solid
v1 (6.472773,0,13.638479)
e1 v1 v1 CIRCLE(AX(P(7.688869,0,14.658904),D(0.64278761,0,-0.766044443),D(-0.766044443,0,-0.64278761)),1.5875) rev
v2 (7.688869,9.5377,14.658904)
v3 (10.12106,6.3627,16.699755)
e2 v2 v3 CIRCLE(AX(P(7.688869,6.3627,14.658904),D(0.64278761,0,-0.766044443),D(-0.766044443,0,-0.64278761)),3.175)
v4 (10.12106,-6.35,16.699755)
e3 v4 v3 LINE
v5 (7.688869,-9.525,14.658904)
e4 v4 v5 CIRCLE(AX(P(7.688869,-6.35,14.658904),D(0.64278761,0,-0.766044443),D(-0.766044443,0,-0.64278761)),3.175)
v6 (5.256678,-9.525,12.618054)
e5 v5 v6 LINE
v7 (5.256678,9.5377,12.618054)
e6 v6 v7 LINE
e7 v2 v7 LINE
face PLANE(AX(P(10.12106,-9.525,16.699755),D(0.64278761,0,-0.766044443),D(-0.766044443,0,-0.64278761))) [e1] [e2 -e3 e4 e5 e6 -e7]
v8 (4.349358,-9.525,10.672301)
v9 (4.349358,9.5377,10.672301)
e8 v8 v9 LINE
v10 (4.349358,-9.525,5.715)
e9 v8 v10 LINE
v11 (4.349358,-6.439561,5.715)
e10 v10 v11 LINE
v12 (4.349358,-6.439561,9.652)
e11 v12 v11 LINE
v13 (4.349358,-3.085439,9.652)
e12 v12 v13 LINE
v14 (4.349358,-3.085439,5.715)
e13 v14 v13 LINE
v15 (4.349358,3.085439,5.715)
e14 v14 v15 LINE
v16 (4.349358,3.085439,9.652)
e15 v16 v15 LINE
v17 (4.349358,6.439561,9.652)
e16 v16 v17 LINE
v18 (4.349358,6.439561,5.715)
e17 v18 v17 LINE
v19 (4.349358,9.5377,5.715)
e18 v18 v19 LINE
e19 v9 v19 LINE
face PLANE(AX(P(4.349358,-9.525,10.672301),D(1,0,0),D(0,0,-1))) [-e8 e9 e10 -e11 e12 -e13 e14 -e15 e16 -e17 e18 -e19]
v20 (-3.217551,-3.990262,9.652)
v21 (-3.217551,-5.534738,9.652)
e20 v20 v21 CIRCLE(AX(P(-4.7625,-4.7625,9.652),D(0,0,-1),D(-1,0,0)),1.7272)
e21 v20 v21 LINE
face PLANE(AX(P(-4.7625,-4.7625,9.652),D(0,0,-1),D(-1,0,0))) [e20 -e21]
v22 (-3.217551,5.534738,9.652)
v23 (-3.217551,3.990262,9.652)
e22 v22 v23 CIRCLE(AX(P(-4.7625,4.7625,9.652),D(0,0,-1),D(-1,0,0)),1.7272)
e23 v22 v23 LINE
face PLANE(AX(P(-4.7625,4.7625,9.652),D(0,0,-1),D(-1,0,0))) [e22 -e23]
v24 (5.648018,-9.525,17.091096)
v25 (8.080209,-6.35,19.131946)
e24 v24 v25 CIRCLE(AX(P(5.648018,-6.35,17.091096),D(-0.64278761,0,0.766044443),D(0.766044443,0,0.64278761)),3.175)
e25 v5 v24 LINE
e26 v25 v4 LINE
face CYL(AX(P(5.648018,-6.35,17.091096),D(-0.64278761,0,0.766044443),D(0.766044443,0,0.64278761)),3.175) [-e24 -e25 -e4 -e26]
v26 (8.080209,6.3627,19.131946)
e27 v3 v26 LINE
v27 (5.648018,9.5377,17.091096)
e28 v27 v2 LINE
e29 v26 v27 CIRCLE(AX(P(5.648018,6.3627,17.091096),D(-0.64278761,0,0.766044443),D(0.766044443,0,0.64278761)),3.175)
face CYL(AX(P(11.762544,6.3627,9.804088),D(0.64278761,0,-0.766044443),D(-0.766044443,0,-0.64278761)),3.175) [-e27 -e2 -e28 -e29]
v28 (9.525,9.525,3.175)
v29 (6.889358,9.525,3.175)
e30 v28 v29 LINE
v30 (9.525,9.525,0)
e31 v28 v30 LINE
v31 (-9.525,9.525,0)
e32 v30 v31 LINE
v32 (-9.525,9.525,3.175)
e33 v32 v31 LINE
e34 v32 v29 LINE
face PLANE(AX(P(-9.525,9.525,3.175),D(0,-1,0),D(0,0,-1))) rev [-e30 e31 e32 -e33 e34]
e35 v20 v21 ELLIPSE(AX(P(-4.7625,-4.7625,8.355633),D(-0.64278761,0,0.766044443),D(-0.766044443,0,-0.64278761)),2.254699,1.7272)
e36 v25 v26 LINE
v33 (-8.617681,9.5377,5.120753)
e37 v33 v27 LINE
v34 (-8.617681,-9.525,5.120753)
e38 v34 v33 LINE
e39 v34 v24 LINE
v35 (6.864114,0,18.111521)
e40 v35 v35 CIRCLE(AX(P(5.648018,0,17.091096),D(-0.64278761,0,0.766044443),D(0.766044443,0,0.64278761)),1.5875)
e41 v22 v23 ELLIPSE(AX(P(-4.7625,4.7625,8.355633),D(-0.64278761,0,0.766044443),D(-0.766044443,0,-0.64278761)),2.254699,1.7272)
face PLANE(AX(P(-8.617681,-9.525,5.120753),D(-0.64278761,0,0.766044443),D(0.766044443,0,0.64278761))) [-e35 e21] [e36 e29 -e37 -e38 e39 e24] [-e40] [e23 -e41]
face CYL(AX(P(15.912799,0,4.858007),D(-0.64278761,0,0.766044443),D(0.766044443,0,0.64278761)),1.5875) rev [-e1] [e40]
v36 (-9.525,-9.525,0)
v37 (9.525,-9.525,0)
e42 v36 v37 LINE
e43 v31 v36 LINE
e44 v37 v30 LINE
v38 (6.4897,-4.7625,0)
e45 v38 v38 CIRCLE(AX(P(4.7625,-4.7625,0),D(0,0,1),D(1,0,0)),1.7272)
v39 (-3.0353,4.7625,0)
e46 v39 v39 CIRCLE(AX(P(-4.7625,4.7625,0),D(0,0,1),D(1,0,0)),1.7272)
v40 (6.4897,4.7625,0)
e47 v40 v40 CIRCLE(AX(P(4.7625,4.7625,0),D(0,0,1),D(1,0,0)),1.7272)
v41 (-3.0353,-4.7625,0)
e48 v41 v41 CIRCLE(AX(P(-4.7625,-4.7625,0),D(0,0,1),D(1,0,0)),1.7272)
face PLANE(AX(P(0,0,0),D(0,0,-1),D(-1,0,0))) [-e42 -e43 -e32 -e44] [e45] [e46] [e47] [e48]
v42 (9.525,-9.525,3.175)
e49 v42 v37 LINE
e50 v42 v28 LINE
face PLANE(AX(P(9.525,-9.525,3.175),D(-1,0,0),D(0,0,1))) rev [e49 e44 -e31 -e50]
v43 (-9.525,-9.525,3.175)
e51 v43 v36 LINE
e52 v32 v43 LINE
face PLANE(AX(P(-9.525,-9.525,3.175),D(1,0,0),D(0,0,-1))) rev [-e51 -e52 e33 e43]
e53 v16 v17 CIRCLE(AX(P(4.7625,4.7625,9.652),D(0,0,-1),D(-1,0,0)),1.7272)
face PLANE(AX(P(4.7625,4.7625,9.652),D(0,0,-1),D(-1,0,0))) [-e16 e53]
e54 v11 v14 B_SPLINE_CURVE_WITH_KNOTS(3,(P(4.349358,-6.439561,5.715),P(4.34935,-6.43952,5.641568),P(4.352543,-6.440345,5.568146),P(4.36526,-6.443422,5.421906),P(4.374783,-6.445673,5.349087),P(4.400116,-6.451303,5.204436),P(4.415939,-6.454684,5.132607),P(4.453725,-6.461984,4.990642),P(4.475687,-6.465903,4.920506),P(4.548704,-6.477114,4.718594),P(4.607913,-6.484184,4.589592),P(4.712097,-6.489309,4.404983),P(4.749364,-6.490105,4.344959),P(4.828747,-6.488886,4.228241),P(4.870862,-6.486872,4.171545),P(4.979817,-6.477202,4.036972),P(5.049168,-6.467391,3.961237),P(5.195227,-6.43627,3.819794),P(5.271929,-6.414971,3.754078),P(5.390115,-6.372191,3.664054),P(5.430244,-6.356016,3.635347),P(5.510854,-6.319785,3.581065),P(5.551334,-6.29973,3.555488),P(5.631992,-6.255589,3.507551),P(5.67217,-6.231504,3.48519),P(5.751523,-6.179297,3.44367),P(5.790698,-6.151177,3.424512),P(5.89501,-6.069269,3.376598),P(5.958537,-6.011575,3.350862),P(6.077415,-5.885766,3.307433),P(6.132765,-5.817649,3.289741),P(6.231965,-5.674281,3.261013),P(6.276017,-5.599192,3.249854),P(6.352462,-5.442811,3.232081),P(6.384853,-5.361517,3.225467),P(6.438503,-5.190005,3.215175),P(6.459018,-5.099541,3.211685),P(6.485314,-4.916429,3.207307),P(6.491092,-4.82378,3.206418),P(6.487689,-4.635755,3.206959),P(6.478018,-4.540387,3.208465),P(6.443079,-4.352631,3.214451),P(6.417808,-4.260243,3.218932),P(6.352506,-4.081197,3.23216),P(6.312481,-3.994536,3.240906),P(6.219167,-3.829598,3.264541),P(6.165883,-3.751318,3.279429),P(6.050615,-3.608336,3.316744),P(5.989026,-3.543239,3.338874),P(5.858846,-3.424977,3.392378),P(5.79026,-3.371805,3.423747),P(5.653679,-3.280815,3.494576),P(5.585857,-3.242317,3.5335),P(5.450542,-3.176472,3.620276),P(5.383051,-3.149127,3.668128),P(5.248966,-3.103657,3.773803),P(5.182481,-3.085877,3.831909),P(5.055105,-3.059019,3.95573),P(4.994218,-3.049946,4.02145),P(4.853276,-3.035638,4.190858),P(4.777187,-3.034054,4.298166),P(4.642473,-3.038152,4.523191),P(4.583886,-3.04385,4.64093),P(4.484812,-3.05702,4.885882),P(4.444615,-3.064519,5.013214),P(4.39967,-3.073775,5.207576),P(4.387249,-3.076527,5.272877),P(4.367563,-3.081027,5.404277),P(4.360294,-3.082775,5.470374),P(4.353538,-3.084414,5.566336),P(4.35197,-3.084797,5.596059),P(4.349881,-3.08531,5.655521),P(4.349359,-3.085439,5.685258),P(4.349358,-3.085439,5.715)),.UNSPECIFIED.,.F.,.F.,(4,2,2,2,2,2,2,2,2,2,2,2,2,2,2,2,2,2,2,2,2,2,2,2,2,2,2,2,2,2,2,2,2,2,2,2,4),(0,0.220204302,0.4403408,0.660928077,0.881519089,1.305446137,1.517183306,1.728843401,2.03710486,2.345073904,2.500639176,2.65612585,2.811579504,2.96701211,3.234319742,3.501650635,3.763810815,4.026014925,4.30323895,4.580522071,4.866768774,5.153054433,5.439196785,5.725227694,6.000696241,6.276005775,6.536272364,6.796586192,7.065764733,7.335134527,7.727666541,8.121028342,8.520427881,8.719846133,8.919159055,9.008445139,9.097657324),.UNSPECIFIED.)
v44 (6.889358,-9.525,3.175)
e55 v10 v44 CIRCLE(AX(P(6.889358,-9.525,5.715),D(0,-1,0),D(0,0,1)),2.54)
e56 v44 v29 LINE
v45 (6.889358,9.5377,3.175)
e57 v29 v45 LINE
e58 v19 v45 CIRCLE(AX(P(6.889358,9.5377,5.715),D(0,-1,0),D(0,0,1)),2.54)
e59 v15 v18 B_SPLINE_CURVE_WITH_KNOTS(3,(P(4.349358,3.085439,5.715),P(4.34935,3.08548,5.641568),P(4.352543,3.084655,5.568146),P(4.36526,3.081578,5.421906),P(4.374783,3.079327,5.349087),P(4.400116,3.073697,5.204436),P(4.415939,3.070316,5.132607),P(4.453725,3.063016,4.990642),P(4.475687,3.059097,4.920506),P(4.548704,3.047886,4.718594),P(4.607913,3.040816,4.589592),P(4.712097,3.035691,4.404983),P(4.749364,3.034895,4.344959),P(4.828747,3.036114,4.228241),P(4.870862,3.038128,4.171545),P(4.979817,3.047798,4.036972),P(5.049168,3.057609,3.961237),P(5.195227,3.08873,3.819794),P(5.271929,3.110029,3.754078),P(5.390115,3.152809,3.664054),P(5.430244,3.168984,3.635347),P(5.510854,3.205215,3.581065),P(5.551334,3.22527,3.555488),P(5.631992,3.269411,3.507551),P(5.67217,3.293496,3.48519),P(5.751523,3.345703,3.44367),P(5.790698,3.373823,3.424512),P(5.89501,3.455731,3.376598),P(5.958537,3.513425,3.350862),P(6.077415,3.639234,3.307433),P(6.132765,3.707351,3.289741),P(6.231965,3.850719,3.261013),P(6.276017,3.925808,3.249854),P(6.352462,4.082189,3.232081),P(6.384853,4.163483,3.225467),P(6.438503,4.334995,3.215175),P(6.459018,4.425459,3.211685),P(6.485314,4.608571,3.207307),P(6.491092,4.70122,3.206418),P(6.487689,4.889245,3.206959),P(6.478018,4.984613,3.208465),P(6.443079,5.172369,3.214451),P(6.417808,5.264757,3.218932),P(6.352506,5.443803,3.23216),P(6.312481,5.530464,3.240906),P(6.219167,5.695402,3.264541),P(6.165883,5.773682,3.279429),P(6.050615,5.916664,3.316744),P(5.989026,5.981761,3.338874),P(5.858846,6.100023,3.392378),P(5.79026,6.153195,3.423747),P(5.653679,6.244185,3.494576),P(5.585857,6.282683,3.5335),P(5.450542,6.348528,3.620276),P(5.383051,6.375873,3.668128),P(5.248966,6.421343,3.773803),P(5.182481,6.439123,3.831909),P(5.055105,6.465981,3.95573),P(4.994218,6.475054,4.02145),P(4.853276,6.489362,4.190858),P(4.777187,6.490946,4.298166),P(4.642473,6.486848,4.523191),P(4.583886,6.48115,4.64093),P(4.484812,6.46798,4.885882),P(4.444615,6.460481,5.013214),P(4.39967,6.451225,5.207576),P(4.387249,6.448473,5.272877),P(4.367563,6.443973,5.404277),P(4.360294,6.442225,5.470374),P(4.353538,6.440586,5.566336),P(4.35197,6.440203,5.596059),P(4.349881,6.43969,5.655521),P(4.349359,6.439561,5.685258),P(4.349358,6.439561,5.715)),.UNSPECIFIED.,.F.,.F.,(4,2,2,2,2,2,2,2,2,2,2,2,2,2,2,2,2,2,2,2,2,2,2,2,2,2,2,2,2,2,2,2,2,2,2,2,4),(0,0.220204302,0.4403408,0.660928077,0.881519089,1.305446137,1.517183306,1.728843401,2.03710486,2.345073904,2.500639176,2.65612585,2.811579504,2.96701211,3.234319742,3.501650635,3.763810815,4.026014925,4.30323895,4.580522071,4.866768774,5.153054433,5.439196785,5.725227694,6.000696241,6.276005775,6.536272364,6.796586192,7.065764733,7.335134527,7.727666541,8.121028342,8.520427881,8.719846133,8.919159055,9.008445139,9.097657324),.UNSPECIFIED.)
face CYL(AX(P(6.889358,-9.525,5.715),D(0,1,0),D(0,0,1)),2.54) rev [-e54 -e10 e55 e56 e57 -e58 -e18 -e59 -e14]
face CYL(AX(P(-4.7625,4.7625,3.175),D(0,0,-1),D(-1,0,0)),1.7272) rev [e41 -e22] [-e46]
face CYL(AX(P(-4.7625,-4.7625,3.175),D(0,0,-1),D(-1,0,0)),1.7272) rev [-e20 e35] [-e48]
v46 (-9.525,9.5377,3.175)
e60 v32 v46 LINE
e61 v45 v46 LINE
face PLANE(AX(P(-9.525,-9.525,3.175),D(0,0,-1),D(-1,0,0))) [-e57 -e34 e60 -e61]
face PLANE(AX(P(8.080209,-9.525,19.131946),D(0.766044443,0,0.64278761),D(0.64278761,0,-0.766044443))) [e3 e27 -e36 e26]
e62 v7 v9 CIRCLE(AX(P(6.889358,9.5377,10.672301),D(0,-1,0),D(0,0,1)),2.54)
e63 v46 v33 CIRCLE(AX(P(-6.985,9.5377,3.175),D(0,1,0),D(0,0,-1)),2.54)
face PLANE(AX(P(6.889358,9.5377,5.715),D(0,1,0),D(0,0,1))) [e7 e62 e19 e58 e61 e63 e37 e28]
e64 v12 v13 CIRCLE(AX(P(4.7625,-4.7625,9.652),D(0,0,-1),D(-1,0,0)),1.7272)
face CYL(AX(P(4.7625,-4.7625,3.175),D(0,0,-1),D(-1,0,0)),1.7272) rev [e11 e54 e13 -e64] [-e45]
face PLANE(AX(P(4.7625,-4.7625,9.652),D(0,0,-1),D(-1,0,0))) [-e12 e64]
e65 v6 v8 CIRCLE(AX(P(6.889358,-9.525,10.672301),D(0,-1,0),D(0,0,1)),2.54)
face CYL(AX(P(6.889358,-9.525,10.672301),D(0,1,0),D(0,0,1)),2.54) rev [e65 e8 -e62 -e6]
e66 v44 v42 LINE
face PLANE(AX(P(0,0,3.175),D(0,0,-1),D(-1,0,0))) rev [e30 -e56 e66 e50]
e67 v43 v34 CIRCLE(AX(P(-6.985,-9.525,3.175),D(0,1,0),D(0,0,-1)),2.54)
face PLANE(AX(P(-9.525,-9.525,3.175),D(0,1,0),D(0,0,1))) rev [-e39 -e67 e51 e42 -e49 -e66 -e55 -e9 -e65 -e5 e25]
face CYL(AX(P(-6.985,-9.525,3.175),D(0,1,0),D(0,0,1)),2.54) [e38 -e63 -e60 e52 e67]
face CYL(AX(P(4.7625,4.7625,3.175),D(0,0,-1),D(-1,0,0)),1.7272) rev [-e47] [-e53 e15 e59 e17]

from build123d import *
from build123d.topology import SkipClean

# Parameters (mm, degrees)
SKETCH1_W                = 19.05
SKETCH1_H                = 19.05
SKETCH1_R                = 1.7272
BOSS_EXTRUDE1_DEPTH      = 3.175
BOSS_EXTRUDE3_DEPTH      = 9.5377
BOSS_EXTRUDE3_DEPTH_BACK = 9.525
FILLET3_R                = 3.175
CUT_EXTRUDE1_REACH       = 24.243
SKETCH5_R                = 1.5875
SKETCH6_R                = 1.7272
CUT_EXTRUDE2_DEPTH       = 6.477


with BuildPart() as part:
    # Sketch1 → Boss-Extrude1 (new body)
    with BuildSketch(Plane.XY):
        Rectangle(SKETCH1_W, SKETCH1_H)
        with Locations((-4.7625, 4.7625)):
            Circle(SKETCH1_R, mode=Mode.SUBTRACT)
        with Locations((4.7625, 4.7625)):
            Circle(SKETCH1_R, mode=Mode.SUBTRACT)
        with Locations((4.7625, -4.7625)):
            Circle(SKETCH1_R, mode=Mode.SUBTRACT)
        with Locations((-4.7625, -4.7625)):
            Circle(SKETCH1_R, mode=Mode.SUBTRACT)
    extrude(amount=BOSS_EXTRUDE1_DEPTH)

    # Sketch4 → Boss-Extrude3 (add, two sides: drawn at the far end of the back side and taken through both)
    with BuildSketch(Plane(origin=(0, 0, 0), x_dir=(1, 0, 0), z_dir=(0, 1, 0)).offset(-BOSS_EXTRUDE3_DEPTH_BACK)):
        with BuildLine():
            Line((4.349358433, -10.6723009), (4.349358433, -5.715))
            ThreePointArc((4.349358433, -5.715), (5.093307209, -3.918948776), (6.889358433, -3.175))
            Line((6.889358433, -3.175), (-9.525, -3.175))
            ThreePointArc((-9.525, -3.175), (-9.287021779, -4.248450385), (-8.617680529, -5.120752886))
            Line((-8.617680529, -5.120752886), (8.080209457, -19.131946214))
            Line((8.080209457, -19.131946214), (10.121060118, -16.699755107))
            Line((10.121060118, -16.699755107), (5.256677904, -12.618053786))
            ThreePointArc((5.256677904, -12.618053786), (4.587336654, -11.745751285), (4.349358433, -10.6723009))
        make_face()
    extrude(amount=BOSS_EXTRUDE3_DEPTH + BOSS_EXTRUDE3_DEPTH_BACK)

    # Fillet3
    fillet3_edges = [part.edges().sort_by_distance(p)[0] for p in [
        (9.100634788, -9.525, 17.915850661),
        (9.100634788, 9.5377, 17.915850661),
    ]]
    fillet(fillet3_edges, radius=FILLET3_R)

    # Sketch5 → Cut-Extrude1 (cut, up to next)
    with BuildSketch(Plane(origin=(-6.082096576, 0, 7.248360445), x_dir=(0.7660444431189818, 0, 0.6427876096865349), z_dir=(-0.6427876096865349, 0, 0.7660444431189818)), mode=Mode.PRIVATE) as cut_extrude1_sk1:
        with Locations((15.31257753, 0)):
            Circle(SKETCH5_R)
    cut_extrude1_tool1 = extrude(cut_extrude1_sk1.sketch, amount=-CUT_EXTRUDE1_REACH, mode=Mode.PRIVATE) & part.part
    add(cut_extrude1_tool1.solids().sort_by_distance((5.648018, 0, 17.091096))[0], mode=Mode.SUBTRACT)

    # Sketch6 → Cut-Extrude2 (cut)
    with SkipClean():  # the faces are left unmerged after this step: merging them gives an invalid solid
        with BuildSketch(Plane(origin=(0, 0, 3.175), x_dir=(-1, 0, 0), z_dir=(0, 0, -1))):
            with Locations(Location((4.7625, -4.7625, 0), (0, 0, 153.441985656))):
                Circle(SKETCH6_R)
            with Locations(Location((4.7625, 4.7625, 0), (0, 0, 206.558014344))):
                Circle(SKETCH6_R)
            with Locations(Location((-4.7625, -4.7625, 0), (0, 0, 76.160831111))):
                Circle(SKETCH6_R)
            with Locations(Location((-4.7625, 4.7625, 0), (0, 0, 76.160831111))):
                Circle(SKETCH6_R)
        extrude(amount=-CUT_EXTRUDE2_DEPTH, mode=Mode.SUBTRACT)


solid = part.part
